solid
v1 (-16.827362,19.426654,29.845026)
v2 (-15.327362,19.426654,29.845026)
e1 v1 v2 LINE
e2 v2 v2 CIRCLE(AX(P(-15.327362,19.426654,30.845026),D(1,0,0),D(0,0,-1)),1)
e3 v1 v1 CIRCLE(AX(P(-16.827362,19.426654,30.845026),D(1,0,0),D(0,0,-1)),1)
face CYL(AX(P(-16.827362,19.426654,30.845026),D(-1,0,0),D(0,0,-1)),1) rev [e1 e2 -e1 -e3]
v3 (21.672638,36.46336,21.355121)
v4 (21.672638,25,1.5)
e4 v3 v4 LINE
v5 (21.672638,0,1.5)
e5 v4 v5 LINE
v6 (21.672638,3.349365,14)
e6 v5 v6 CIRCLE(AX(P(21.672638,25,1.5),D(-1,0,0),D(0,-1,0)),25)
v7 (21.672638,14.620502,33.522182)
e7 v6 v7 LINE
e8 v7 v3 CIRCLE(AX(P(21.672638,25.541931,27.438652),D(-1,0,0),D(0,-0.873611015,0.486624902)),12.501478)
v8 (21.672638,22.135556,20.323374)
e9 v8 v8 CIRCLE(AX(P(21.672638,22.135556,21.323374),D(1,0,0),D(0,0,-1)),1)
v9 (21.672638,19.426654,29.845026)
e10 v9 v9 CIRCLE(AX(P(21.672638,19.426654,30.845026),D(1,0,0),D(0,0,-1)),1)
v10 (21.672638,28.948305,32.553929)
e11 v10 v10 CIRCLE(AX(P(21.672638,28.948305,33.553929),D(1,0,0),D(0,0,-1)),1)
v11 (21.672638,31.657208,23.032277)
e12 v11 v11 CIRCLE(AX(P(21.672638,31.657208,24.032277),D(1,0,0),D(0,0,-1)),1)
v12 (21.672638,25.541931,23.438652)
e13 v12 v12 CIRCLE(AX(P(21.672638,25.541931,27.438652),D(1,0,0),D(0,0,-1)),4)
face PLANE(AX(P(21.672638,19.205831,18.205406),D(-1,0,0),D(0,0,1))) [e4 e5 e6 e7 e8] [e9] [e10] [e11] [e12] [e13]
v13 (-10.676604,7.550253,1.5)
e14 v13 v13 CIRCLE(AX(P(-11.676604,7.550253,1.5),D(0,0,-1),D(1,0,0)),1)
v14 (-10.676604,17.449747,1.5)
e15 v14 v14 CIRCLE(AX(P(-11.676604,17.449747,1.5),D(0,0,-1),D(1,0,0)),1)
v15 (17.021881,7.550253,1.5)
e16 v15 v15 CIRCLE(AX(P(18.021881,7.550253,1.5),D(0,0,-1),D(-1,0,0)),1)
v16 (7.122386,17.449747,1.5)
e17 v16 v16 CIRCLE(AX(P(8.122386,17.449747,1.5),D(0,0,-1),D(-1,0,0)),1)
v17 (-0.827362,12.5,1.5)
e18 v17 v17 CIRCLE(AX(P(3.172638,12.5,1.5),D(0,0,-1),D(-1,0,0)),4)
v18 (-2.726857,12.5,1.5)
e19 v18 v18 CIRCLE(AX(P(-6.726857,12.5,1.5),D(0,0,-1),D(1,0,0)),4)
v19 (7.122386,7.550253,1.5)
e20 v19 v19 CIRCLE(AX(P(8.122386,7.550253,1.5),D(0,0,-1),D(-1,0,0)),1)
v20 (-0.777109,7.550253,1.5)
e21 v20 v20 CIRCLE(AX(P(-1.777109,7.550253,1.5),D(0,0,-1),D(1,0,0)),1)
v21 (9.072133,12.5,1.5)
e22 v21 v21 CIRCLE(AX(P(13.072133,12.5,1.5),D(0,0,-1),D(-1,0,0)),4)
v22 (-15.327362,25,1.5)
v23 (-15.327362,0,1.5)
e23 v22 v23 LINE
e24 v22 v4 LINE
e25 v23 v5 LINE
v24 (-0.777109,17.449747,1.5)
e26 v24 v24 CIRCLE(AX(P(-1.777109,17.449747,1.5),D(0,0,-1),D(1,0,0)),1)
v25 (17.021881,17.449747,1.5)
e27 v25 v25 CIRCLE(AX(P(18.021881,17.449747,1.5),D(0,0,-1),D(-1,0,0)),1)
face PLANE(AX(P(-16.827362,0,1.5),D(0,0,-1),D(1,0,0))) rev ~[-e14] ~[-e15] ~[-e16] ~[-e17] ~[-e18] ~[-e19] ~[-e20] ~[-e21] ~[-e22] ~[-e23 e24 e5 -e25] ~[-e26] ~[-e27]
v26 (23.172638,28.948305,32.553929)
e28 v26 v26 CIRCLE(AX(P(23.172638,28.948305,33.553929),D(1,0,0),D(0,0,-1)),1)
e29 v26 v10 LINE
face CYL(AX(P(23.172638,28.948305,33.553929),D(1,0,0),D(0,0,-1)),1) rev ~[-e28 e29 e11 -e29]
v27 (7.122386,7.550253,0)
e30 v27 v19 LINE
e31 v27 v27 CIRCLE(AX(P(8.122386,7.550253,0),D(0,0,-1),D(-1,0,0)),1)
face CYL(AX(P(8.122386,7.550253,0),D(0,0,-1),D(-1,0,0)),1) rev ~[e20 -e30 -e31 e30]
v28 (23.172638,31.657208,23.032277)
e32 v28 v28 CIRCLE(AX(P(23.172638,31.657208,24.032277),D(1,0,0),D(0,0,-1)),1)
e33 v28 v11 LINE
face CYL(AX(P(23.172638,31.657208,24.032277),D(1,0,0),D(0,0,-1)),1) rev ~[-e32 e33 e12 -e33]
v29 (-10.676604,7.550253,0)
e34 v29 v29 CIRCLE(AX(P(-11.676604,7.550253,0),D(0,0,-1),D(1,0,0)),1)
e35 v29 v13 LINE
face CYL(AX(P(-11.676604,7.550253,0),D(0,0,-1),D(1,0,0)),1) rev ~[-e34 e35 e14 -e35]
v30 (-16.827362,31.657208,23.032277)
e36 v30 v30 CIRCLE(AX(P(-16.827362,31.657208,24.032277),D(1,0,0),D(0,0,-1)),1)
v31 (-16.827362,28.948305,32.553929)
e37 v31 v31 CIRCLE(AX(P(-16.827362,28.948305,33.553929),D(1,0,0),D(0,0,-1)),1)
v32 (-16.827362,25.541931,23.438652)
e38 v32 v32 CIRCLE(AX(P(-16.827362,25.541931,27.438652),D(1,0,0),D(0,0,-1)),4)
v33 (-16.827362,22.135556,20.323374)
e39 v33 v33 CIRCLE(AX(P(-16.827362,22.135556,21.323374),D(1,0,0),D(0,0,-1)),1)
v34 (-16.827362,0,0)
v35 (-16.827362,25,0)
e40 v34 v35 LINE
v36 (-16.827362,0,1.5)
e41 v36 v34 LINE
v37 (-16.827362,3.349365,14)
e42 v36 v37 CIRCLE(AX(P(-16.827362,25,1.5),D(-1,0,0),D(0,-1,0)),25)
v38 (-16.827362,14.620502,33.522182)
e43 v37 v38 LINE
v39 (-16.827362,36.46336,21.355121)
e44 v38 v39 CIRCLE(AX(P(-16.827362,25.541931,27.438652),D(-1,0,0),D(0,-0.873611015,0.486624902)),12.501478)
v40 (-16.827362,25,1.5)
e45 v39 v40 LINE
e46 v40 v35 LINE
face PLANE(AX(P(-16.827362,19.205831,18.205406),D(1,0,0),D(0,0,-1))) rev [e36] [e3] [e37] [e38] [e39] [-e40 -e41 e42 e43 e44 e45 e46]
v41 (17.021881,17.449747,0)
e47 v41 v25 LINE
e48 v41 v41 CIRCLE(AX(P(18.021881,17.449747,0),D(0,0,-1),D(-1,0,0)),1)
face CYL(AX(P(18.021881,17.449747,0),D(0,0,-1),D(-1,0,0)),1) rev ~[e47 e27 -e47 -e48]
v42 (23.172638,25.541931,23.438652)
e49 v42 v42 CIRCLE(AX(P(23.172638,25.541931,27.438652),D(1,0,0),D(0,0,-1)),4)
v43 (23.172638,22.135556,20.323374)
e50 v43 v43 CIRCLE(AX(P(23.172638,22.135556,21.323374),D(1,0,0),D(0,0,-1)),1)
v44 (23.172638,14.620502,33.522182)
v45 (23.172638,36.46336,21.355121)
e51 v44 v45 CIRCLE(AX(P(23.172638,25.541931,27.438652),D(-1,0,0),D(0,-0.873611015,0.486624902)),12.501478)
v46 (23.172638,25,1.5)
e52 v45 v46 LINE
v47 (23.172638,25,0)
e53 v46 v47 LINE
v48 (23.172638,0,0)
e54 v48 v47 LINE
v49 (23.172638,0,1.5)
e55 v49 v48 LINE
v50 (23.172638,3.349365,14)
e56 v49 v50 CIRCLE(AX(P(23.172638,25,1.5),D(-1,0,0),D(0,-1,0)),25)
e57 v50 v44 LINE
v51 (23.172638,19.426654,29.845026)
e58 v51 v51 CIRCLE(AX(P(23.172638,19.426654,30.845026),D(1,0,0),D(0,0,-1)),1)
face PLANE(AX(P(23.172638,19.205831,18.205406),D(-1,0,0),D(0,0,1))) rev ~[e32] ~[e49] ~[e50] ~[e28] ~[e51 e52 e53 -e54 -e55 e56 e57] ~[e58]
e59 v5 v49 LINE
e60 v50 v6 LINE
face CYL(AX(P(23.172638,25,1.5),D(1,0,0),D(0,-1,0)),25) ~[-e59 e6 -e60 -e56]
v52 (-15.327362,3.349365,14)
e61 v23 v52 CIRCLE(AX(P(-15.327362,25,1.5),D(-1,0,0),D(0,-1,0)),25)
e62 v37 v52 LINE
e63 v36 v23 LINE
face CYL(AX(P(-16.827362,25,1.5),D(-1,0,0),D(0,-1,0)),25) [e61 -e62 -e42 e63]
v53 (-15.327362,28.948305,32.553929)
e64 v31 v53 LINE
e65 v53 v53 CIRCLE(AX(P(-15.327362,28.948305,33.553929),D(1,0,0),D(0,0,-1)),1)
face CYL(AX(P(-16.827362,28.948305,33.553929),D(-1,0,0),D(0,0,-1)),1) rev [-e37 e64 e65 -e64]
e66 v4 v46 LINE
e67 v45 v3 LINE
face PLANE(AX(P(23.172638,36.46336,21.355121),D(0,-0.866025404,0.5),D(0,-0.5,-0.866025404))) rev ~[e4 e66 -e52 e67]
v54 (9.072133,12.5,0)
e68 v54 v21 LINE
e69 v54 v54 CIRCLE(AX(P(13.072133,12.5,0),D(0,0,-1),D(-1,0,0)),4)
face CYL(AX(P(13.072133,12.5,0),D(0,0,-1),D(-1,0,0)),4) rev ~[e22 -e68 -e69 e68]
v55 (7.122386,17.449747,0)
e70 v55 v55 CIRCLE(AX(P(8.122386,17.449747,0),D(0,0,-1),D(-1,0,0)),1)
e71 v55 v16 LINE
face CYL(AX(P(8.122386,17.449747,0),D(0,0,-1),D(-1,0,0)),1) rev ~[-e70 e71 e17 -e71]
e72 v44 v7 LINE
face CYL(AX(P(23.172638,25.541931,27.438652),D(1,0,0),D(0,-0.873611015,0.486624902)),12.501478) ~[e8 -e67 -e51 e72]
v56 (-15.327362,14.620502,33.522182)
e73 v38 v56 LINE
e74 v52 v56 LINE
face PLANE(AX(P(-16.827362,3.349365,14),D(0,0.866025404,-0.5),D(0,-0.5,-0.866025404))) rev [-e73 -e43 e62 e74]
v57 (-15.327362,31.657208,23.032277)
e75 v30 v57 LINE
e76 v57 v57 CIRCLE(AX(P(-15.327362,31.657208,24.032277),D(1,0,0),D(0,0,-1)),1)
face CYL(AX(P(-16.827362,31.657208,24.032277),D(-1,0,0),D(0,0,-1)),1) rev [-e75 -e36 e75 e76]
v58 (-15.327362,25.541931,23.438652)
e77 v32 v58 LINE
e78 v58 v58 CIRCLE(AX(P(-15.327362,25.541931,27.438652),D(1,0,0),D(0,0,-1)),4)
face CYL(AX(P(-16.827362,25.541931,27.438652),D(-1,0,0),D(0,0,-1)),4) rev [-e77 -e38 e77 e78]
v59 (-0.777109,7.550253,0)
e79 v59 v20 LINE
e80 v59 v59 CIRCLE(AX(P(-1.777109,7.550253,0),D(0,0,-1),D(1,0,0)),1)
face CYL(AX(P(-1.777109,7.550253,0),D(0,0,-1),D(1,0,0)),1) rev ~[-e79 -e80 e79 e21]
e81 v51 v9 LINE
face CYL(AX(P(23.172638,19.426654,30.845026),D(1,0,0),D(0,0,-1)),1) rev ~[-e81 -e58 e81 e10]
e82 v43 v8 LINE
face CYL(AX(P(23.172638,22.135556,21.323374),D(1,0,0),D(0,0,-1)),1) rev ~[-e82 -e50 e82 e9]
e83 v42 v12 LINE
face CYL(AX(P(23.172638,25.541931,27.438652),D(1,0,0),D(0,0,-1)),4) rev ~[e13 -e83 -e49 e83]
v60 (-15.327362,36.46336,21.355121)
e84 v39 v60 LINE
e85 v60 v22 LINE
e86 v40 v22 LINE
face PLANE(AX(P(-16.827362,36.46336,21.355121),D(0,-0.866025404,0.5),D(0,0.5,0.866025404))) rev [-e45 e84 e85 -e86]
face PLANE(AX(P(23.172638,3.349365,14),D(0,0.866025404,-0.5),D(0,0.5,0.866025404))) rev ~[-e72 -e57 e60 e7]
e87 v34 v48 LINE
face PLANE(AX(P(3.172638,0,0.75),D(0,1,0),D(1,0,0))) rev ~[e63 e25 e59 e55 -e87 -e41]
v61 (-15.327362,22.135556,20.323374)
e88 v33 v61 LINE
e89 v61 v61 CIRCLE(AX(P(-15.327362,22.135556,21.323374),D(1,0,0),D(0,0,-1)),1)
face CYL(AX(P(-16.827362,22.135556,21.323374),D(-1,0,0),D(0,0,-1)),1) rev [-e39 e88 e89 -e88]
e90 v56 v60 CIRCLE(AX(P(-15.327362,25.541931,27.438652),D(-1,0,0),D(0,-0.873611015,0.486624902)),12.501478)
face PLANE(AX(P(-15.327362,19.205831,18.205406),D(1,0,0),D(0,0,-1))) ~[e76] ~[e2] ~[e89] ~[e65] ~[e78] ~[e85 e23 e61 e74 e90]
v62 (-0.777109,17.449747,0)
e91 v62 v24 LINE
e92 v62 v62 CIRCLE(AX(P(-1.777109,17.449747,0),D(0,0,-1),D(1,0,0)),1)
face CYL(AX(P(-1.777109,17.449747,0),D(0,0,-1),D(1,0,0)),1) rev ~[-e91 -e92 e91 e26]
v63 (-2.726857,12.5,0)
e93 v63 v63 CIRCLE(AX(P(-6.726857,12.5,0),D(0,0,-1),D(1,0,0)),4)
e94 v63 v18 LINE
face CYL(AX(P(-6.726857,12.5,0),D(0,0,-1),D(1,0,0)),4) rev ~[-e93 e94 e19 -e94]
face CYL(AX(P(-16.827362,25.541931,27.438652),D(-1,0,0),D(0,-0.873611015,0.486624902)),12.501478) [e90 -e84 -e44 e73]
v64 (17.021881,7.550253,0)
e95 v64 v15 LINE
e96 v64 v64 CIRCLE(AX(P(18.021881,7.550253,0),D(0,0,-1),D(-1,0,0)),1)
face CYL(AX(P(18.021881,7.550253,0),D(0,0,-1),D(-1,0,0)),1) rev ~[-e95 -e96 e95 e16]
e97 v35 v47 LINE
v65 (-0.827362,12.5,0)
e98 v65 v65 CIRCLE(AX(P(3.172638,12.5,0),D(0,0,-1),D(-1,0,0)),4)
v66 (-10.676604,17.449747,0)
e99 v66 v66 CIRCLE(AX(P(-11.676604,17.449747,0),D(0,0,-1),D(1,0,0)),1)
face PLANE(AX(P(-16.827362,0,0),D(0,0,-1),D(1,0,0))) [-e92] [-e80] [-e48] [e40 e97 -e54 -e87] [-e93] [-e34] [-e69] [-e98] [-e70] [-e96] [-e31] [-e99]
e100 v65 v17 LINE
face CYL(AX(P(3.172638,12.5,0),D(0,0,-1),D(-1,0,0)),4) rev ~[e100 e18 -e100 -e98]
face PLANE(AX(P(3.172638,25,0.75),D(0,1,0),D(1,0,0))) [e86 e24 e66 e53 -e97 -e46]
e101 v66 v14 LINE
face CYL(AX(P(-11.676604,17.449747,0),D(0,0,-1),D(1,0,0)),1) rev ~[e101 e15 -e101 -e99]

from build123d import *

# Parameters (mm, degrees)
SKETCH3_W           = 40
SKETCH3_H           = 1.5
BOSS_EXTRUDE3_DEPTH = 25
SKETCH4_R           = 4
SKETCH4_R_2         = 1
BOSS_EXTRUDE4_DEPTH = 1.5
SKETCH6_R           = 4
SKETCH6_R_2         = 1
CUT_EXTRUDE1_DEPTH  = 1.5


with BuildPart() as part:
    # Sketch3 → Boss-Extrude3 (new body)
    with BuildSketch(Plane(origin=(0, 0, 0), x_dir=(1, 0, 0), z_dir=(0, 1, 0))):
        with Locations((3.172638191, -0.75)):
            Rectangle(SKETCH3_W, SKETCH3_H)
    extrude(amount=BOSS_EXTRUDE3_DEPTH)

    # Sketch4 → Boss-Extrude4 (add)
    with BuildSketch(Plane(origin=(23.172638191, 0, 0), x_dir=(0, 0, -1), z_dir=(1, 0, 0))):
        with BuildLine():
            Line((-14, 3.349364905), (-33.522182008, 14.620501943))
            ThreePointArc((-33.522182008, 14.620501943), (-38.360080348, 31.625461179), (-21.355121112, 36.463359519))
            Line((-21.355121112, 36.463359519), (-1.5, 25))
            Line((-1.5, 25), (-1.5, 0))
            ThreePointArc((-1.5, 0), (-7.970476128, 0.851854343), (-14, 3.349364905))
        make_face()
        with Locations((-27.43865156, 25.541930731)):
            Circle(SKETCH4_R, mode=Mode.SUBTRACT)
        with Locations((-30.84502587, 19.426653627)):
            Circle(SKETCH4_R_2, mode=Mode.SUBTRACT)
        with Locations((-33.553928663, 28.948305041)):
            Circle(SKETCH4_R_2, mode=Mode.SUBTRACT)
        with Locations((-24.032277249, 31.657207834)):
            Circle(SKETCH4_R_2, mode=Mode.SUBTRACT)
        with Locations((-21.323374456, 22.13555642)):
            Circle(SKETCH4_R_2, mode=Mode.SUBTRACT)
    boss_extrude4 = extrude(amount=-BOSS_EXTRUDE4_DEPTH)

    # Mirror1: Boss-Extrude4 across plane
    add(boss_extrude4.mirror(Plane.ZY.offset(-3.172638191)))

    # Sketch6 → Cut-Extrude1 (cut)
    with BuildSketch(Plane(origin=(0, 0, 0), x_dir=(-1, 0, 0), z_dir=(0, 0, -1))):
        with Locations((-3.172638191, 12.5)):
            Circle(SKETCH6_R)
        with Locations((-13.072133128, 12.5)):
            Circle(SKETCH6_R)
        with Locations((-8.12238566, 7.550252532)):
            Circle(SKETCH6_R_2)
        with Locations((-18.021880596, 7.550252532)):
            Circle(SKETCH6_R_2)
        with Locations((-18.021880596, 17.449747468)):
            Circle(SKETCH6_R_2)
        with Locations((-8.12238566, 17.449747468)):
            Circle(SKETCH6_R_2)
        with Locations(Location((11.676604214, 17.449747468, 0), (0, 0, 180))):
            Circle(SKETCH6_R_2)
        with Locations(Location((1.777109277, 17.449747468, 0), (0, 0, 180))):
            Circle(SKETCH6_R_2)
        with Locations(Location((11.676604214, 7.550252532, 0), (0, 0, 180))):
            Circle(SKETCH6_R_2)
        with Locations(Location((6.726856745, 12.5, 0), (0, 0, 180))):
            Circle(SKETCH6_R)
        with Locations(Location((1.777109277, 7.550252532, 0), (0, 0, 180))):
            Circle(SKETCH6_R_2)
    extrude(amount=-CUT_EXTRUDE1_DEPTH, mode=Mode.SUBTRACT)


solid = part.part
